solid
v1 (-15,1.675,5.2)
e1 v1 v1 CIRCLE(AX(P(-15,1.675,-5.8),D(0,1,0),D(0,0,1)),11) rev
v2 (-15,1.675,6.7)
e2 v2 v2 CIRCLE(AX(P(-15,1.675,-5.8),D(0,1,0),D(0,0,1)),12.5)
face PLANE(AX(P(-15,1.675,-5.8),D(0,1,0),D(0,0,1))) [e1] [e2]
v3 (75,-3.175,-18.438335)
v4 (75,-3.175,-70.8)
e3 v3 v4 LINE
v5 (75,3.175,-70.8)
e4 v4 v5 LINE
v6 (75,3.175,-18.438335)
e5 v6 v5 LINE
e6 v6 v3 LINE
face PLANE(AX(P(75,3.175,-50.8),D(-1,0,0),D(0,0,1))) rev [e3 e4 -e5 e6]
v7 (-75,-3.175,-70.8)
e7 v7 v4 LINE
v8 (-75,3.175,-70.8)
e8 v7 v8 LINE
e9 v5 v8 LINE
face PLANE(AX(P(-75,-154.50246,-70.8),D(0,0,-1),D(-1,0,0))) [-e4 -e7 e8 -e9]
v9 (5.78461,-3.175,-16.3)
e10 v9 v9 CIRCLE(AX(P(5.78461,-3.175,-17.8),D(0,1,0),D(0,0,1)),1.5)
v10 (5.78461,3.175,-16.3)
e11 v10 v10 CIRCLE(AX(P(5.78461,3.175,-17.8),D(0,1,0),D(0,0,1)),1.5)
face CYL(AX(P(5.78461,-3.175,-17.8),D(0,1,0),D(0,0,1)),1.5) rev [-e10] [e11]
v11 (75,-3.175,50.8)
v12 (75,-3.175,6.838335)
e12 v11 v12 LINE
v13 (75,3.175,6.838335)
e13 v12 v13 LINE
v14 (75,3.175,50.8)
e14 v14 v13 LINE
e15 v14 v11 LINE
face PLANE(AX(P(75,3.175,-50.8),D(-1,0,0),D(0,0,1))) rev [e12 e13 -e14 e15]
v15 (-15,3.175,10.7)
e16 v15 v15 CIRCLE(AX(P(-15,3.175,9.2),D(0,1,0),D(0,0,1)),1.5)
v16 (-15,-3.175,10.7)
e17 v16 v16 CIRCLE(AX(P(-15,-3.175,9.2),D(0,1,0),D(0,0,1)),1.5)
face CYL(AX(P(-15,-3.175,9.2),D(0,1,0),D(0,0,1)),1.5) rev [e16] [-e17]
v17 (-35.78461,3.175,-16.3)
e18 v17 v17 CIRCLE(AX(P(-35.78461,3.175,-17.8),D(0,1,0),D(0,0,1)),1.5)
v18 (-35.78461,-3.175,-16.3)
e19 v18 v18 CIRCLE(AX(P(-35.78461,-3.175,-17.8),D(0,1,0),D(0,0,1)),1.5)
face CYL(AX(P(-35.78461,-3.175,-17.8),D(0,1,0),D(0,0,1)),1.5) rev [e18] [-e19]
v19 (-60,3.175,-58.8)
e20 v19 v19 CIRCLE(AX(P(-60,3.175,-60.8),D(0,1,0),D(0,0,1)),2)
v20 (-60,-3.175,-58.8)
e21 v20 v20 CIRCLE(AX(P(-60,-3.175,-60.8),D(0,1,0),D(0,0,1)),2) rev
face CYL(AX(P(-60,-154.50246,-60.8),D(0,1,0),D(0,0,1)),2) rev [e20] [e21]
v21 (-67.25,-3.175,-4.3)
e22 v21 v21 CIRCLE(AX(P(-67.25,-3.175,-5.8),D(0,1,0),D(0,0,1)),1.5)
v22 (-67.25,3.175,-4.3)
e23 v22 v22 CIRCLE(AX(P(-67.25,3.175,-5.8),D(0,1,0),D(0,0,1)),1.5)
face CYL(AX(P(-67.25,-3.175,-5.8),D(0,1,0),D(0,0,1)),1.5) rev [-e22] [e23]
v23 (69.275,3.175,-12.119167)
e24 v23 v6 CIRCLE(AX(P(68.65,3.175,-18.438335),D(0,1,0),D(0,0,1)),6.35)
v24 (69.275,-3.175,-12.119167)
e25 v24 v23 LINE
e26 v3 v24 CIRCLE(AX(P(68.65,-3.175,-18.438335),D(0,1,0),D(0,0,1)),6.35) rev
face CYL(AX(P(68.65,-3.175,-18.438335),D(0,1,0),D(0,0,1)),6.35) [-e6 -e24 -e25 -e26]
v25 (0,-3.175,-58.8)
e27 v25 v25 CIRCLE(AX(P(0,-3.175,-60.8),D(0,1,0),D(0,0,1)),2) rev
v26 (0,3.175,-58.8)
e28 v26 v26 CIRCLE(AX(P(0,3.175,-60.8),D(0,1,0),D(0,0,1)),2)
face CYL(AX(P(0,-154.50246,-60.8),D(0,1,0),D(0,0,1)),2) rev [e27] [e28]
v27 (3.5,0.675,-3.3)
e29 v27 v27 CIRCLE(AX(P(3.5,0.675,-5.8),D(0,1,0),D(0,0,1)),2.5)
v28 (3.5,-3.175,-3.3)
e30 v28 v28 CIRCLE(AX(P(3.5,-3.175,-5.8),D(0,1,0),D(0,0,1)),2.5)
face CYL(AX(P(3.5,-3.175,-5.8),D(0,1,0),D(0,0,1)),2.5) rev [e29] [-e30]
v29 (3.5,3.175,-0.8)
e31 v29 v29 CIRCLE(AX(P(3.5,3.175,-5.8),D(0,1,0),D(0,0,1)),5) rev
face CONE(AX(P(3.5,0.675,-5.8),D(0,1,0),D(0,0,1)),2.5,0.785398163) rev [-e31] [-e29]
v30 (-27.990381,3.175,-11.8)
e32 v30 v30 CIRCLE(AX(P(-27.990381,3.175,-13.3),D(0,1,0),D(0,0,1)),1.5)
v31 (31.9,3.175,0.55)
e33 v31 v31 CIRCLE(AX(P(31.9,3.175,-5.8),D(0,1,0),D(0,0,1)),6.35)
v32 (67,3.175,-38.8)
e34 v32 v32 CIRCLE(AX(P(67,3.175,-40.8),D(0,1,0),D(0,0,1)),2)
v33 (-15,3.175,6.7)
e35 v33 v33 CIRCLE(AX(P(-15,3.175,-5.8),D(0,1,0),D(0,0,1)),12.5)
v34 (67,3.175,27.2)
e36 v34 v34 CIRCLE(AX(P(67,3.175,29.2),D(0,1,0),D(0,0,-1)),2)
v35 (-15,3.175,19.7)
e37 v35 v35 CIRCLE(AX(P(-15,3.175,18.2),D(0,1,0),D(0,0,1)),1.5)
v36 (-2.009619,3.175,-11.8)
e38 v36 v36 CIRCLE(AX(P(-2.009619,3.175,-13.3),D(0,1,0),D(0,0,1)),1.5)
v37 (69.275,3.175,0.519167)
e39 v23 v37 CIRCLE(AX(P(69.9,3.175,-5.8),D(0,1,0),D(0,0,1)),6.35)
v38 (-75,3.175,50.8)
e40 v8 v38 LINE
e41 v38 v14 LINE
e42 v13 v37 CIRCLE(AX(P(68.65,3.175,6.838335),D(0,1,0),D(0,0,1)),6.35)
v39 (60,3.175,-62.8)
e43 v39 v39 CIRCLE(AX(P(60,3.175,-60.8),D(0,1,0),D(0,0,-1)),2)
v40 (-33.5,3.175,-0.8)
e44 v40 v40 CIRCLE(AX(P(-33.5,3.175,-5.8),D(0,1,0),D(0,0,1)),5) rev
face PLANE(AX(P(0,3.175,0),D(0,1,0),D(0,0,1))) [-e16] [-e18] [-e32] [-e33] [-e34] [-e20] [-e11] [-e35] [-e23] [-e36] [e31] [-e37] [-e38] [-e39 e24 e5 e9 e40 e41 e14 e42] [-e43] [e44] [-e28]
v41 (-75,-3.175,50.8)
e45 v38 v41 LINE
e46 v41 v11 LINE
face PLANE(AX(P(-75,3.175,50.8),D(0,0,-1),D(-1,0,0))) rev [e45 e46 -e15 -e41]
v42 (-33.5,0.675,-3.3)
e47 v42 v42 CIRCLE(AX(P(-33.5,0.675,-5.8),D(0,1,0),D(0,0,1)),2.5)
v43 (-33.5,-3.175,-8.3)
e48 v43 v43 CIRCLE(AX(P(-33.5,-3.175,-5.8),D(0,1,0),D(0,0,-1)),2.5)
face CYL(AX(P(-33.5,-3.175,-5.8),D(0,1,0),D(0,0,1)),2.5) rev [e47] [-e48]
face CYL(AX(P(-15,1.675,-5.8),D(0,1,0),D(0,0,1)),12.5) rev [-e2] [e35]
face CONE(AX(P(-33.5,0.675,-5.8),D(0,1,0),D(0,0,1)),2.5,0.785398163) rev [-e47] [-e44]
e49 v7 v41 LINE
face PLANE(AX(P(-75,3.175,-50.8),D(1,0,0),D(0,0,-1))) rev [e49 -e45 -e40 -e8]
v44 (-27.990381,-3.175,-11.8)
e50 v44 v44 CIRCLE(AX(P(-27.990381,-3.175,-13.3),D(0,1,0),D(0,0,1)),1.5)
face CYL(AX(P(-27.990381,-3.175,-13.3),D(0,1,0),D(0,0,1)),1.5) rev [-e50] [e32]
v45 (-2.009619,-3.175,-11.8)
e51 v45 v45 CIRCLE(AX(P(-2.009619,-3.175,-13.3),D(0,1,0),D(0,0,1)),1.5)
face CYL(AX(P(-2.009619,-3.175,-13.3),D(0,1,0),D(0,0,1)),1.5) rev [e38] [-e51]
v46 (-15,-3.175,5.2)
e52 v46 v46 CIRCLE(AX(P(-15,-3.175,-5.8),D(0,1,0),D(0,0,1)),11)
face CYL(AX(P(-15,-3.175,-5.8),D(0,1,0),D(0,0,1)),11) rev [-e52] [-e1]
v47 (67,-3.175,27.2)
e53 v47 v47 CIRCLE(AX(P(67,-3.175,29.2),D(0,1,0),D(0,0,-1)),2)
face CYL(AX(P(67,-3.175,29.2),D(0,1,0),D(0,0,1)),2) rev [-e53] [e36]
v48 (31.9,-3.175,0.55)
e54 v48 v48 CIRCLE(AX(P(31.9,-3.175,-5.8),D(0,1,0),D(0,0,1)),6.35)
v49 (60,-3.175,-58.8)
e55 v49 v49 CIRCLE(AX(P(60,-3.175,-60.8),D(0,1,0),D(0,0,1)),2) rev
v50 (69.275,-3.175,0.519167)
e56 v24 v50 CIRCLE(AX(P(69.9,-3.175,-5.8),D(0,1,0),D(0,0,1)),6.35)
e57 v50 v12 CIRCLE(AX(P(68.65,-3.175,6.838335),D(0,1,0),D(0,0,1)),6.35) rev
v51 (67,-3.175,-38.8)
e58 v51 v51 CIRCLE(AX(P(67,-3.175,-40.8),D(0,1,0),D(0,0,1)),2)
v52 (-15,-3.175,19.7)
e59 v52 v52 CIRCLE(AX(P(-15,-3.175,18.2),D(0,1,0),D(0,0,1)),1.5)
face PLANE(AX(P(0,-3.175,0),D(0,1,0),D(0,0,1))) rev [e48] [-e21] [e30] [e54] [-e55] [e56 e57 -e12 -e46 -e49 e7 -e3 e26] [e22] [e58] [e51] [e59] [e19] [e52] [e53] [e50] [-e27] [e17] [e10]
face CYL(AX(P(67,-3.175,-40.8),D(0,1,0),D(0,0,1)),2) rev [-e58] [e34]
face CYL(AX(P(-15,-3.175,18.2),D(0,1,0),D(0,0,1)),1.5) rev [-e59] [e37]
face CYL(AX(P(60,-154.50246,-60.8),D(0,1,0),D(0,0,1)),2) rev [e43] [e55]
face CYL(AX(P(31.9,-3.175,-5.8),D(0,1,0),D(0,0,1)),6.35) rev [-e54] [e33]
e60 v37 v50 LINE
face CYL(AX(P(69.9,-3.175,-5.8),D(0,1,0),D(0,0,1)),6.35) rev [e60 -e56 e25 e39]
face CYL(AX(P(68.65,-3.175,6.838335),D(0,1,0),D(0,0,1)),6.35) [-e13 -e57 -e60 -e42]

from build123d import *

# Parameters (mm, degrees)
CROQUIS1_W              = 150
CROQUIS1_H              = 101.6
SALIENTE_EXTRUIR1_DEPTH = 3.175
CROQUIS2_R              = 2
CROQUIS2_R_2            = 11
CROQUIS2_R_3            = 1.5
CROQUIS2_R_4            = 6.35
CORTAR_EXTRUIR1_DEPTH   = 91.807282197
REDONDEO1_R             = 6.35
CROQUIS3_R              = 1.5
CORTAR_EXTRUIR2_DEPTH   = 91.807282197
CORTAR_EXTRUIR3_START   = 3.175
CROQUIS4_R              = 12.5
CORTAR_EXTRUIR3_DEPTH   = 1.5
CROQUIS9_R              = 2.5
CORTAR_EXTRUIR6_DEPTH   = 91.807282197
CHAFL_N1_SIZE           = 2.5
CROQUIS10_W             = 150
CROQUIS10_H             = 20
CROQUIS10_R             = 2
SALIENTE_EXTRUIR2_DEPTH = 6.35


with BuildPart() as part:
    # Croquis1 → Saliente-Extruir1 (new, symmetric)
    with BuildSketch(Plane(origin=(0, 0, 0), x_dir=(1, 0, 0), z_dir=(0, 1, 0))):
        Rectangle(CROQUIS1_W, CROQUIS1_H)
    extrude(amount=SALIENTE_EXTRUIR1_DEPTH, both=True)

    # Croquis2 → Cortar-Extruir1 (cut, through all)
    with BuildSketch(Plane(origin=(0, 3.175, 0), x_dir=(1, 0, 0), z_dir=(0, 1, 0))):
        with Locations(Location((67, 40.8, 0), (0, 0, 270))):
            Circle(CROQUIS2_R)
        with Locations(Location((67, -29.2, 0), (0, 0, 90))):
            Circle(CROQUIS2_R)
        with Locations(Location((-15, 5.8, 0), (0, 0, 270))):
            Circle(CROQUIS2_R_2)
        with Locations(Location((-67.25, 5.8, 0), (0, 0, 270))):
            Circle(CROQUIS2_R_3)
        with Locations(Location((31.9, 5.8, 0), (0, 0, 270))):
            Circle(CROQUIS2_R_4)
        with Locations((69.9, 5.8)):
            Circle(CROQUIS2_R_4)
    extrude(amount=-CORTAR_EXTRUIR1_DEPTH, mode=Mode.SUBTRACT)

    # Redondeo1
    redondeo1_edges = [part.edges().sort_by_distance(p)[0] for p in [
        (75, 0, -2.016813512),
        (75, 0, -9.583186488),
    ]]
    fillet(redondeo1_edges, radius=REDONDEO1_R)

    # Croquis3 → Cortar-Extruir2 (cut, through all)
    with BuildSketch(Plane(origin=(0, 3.175, 0), x_dir=(1, 0, 0), z_dir=(0, 1, 0))):
        with Locations(Location((-15, -9.2, 0), (0, 0, 270))):
            Circle(CROQUIS3_R)
        with Locations(Location((-15, -18.2, 0), (0, 0, 270))):
            Circle(CROQUIS3_R)
        with Locations(Location((-27.990381057, 13.3, 0), (0, 0, 270))):
            Circle(CROQUIS3_R)
        with Locations(Location((-35.784609691, 17.8, 0), (0, 0, 270))):
            Circle(CROQUIS3_R)
        with Locations(Location((-2.009618943, 13.3, 0), (0, 0, 270))):
            Circle(CROQUIS3_R)
        with Locations(Location((5.784609691, 17.8, 0), (0, 0, 270))):
            Circle(CROQUIS3_R)
    extrude(amount=-CORTAR_EXTRUIR2_DEPTH, mode=Mode.SUBTRACT)

    # Croquis4 → Cortar-Extruir3 (cut)
    with BuildSketch(Plane(origin=(0, 0, 0), x_dir=(1, 0, 0), z_dir=(0, 1, 0)).offset(CORTAR_EXTRUIR3_START)):
        with Locations(Location((-15, 5.8, 0), (0, 0, 270))):
            Circle(CROQUIS4_R)
    extrude(amount=-CORTAR_EXTRUIR3_DEPTH, mode=Mode.SUBTRACT)

    # Croquis9 → Cortar-Extruir6 (cut, through all)
    with BuildSketch(Plane(origin=(0, 3.175, 0), x_dir=(1, 0, 0), z_dir=(0, 1, 0))):
        with Locations(Location((3.5, 5.8, 0), (0, 0, 270))):
            Circle(CROQUIS9_R)
        with Locations(Location((-33.5, 5.8, 0), (0, 0, 90))):
            Circle(CROQUIS9_R)
    extrude(amount=-CORTAR_EXTRUIR6_DEPTH, mode=Mode.SUBTRACT)

    # Chaflán1
    chafl_n1_edges = [part.edges().sort_by_distance(p)[0] for p in [
        (3.5, 3.175, -8.3),
        (-33.5, 3.175, -3.3),
    ]]
    chamfer(chafl_n1_edges, length=CHAFL_N1_SIZE)

    # Croquis10 → Saliente-Extruir2 (add)
    with BuildSketch(Plane(origin=(0, 3.175, 0), x_dir=(1, 0, 0), z_dir=(0, 1, 0))):
        with Locations((0, 60.8)):
            Rectangle(CROQUIS10_W, CROQUIS10_H)
        with Locations(Location((0, 60.8, 0), (0, 0, 270))):
            Circle(CROQUIS10_R, mode=Mode.SUBTRACT)
        with Locations(Location((-60, 60.8, 0), (0, 0, 270))):
            Circle(CROQUIS10_R, mode=Mode.SUBTRACT)
        with Locations(Location((60, 60.8, 0), (0, 0, 270))):
            Circle(CROQUIS10_R, mode=Mode.SUBTRACT)
    extrude(amount=-SALIENTE_EXTRUIR2_DEPTH)


solid = part.part
